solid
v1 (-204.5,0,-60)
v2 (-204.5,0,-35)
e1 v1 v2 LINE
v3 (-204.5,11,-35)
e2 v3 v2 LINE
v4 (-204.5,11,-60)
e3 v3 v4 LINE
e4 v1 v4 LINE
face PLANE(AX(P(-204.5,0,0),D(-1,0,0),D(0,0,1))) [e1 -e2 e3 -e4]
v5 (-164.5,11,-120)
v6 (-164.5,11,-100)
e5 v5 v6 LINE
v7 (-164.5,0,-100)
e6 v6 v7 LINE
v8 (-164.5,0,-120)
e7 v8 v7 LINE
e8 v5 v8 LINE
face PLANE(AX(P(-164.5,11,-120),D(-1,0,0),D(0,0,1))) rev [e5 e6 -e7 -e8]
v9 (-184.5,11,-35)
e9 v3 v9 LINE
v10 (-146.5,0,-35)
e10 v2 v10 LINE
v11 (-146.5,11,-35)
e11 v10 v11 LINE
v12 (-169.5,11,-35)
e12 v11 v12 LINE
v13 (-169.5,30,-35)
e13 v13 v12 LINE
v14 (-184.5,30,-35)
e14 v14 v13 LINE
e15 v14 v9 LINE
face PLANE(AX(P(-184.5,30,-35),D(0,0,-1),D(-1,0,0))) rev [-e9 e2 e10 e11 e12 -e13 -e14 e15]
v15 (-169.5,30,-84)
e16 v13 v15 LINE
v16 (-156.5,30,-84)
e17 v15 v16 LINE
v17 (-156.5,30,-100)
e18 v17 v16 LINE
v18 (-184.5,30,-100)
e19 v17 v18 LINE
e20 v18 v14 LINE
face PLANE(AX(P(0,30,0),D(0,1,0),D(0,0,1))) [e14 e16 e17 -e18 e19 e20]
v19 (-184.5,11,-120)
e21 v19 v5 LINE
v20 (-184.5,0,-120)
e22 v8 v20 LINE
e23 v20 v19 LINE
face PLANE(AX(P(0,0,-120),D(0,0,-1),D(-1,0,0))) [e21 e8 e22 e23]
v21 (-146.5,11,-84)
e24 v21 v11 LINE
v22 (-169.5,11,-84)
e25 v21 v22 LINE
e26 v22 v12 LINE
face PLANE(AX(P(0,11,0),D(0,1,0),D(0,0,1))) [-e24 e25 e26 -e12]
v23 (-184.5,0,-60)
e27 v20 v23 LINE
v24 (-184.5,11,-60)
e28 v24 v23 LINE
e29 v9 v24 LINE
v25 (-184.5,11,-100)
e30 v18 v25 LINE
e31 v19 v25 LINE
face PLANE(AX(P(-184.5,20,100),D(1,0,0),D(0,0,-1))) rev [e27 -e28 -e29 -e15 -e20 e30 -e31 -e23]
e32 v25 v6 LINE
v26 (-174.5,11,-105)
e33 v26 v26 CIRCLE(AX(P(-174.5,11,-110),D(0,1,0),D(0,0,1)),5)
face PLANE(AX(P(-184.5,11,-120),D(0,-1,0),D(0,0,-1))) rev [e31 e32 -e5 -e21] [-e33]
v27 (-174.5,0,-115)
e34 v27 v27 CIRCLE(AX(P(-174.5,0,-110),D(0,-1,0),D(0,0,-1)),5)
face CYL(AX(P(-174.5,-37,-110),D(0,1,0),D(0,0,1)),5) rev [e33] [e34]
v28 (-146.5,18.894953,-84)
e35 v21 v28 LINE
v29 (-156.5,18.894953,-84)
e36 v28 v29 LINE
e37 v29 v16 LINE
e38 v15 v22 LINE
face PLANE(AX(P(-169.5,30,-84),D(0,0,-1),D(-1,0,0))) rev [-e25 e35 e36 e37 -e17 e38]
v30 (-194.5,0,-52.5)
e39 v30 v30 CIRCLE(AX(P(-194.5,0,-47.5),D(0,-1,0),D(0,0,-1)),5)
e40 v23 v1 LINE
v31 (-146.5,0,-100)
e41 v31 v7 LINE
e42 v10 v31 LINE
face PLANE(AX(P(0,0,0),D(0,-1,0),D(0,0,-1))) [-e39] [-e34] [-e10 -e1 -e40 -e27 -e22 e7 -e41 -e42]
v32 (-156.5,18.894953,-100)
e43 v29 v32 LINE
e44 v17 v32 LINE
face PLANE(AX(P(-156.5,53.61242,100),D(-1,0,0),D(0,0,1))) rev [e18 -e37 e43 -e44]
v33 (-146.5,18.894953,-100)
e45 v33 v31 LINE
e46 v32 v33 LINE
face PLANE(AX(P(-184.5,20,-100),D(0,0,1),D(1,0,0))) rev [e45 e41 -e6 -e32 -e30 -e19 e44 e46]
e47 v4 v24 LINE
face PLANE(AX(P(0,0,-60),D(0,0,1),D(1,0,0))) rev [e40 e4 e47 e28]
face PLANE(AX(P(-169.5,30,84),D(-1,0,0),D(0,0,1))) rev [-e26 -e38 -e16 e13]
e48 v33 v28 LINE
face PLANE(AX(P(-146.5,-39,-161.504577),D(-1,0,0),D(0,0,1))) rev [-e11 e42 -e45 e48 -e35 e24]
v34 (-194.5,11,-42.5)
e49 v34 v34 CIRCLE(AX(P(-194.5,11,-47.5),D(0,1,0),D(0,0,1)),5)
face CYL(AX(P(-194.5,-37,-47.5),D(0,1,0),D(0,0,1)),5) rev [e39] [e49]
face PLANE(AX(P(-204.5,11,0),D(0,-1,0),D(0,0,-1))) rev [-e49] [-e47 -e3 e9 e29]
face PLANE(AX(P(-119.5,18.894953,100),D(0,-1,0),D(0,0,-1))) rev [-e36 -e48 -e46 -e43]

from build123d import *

# Parameters (mm, degrees)
SKETCH1_W               = 369
SKETCH1_H               = 200
BOSS_EXTRUDE1_DEPTH     = 20
SKETCH2_W               = 129
SKETCH2_H               = 16
BOSS_EXTRUDE2_DEPTH     = 10
SKETCH3_W               = 342
SKETCH3_H               = 168
CUT_EXTRUDE1_DEPTH      = 9
SKETCH4_W               = 100
SKETCH4_H               = 10
BOSS_EXTRUDE3_DEPTH     = 60
CUT_EXTRUDE3_DEPTH      = 10
CUT_EXTRUDE3_DEPTH_BACK = 60
SKETCH10_W              = 404
SKETCH10_H              = 324.796202869
CUT_EXTRUDE4_DEPTH      = 69
CUT_EXTRUDE7_DEPTH      = 274.752168941
CUT_EXTRUDE7_DEPTH_BACK = 274.752168941
SKETCH14_W              = 37
SKETCH14_H              = 34.717467541
SKETCH12_W              = 50
SKETCH12_H              = 11
BOSS_EXTRUDE6_DEPTH     = 20
SKETCH13_R              = 4
CUT_EXTRUDE6_DEPTH      = 229.43215623
CORTAR_EXTRUIR4_DEPTH   = 220
CROQUIS5_W              = 20
CROQUIS5_H              = 11
SALIENTE_EXTRUIR2_DEPTH = 10
CROQUIS6_W              = 20
CROQUIS6_H              = 11
SALIENTE_EXTRUIR3_DEPTH = 20
CROQUIS8_R              = 5
CORTAR_EXTRUIR5_DEPTH   = 48
CROQUIS9_W              = 38
CROQUIS9_H              = 65
CORTAR_EXTRUIR6_DEPTH   = 85


with BuildPart() as part:
    # Sketch1 → Boss-Extrude1 (new body)
    with BuildSketch(Plane(origin=(0, 0, 0), x_dir=(1, 0, 0), z_dir=(0, 1, 0))):
        Rectangle(SKETCH1_W, SKETCH1_H)
    extrude(amount=BOSS_EXTRUDE1_DEPTH)

    # Sketch2 → Boss-Extrude2 (add)
    with BuildSketch(Plane(origin=(0, 20, 0), x_dir=(1, 0, 0), z_dir=(0, 1, 0))):
        Polygon((-184.5, -100), (-169.5, -100), (-119.5, -100), (-119.5, -84), (-169.5, -84), (-169.5, -35), (-184.5, -35), align=None)
        Polygon((-184.5, 100), (-169.5, 100), (-119.5, 100), (-119.5, 84), (-169.5, 84), (-169.5, 35), (-184.5, 35), align=None)
        with Locations((20, -92)):
            Rectangle(SKETCH2_W, SKETCH2_H)
        with Locations((20, 92)):
            Rectangle(SKETCH2_W, SKETCH2_H)
    extrude(amount=BOSS_EXTRUDE2_DEPTH)

    # Sketch3 → Cut-Extrude1 (cut)
    with BuildSketch(Plane(origin=(0, 20, 0), x_dir=(1, 0, 0), z_dir=(0, 1, 0))):
        with Locations((1.5, 0)):
            Rectangle(SKETCH3_W, SKETCH3_H)
    extrude(amount=-CUT_EXTRUDE1_DEPTH, mode=Mode.SUBTRACT)

    # Sketch4 → Boss-Extrude3 (add)
    with BuildSketch(Plane(origin=(0, 0, -100), x_dir=(-1, 0, 0), z_dir=(0, 0, -1))):
        with Locations((-19.5, 25)):
            Rectangle(SKETCH4_W, SKETCH4_H)
    extrude(amount=BOSS_EXTRUDE3_DEPTH)

    # Sketch6 → Cut-Extrude3 (cut, two sides: drawn at the far end of the back side and taken through both)
    with BuildSketch(Plane.XY.offset(-84).offset(-CUT_EXTRUDE3_DEPTH_BACK)):
        with BuildLine():
            Line((-24.5, 30), (-26.030765637, 28.081051534))
            ThreePointArc((-26.030765637, 28.081051534), (-26.158442873, 26.948989892), (-25.193843525, 26.342843758))
            Line((-25.193843525, 26.342843758), (-15.806155854, 26.342843758))
            ThreePointArc((-15.806155854, 26.342843758), (-14.841556992, 26.948990172), (-14.969234363, 28.081051534))
            Line((-14.969234363, 28.081051534), (-16.5, 30))
            Line((-16.5, 30), (-24.5, 30))
        make_face()
        with BuildLine():
            Line((56.5, 30), (54.981983491, 27.801494438))
            ThreePointArc((54.981983491, 27.801494438), (54.9192914, 26.767046688), (55.80615587, 26.230871478))
            Line((55.80615587, 26.230871478), (65.193843541, 26.230871478))
            ThreePointArc((65.193843541, 26.230871478), (66.080708464, 26.767046428), (66.018016509, 27.801494438))
            Line((66.018016509, 27.801494438), (64.5, 30))
            Line((64.5, 30), (56.5, 30))
        make_face()
    extrude(amount=CUT_EXTRUDE3_DEPTH + CUT_EXTRUDE3_DEPTH_BACK, mode=Mode.SUBTRACT)

    # Sketch10 → Cut-Extrude4 (cut)
    with BuildSketch(Plane(origin=(0, 30, 0), x_dir=(1, 0, 0), z_dir=(0, 1, 0))):
        with Locations((55.5, -0.89352463)):
            Rectangle(SKETCH10_W, SKETCH10_H)
    extrude(amount=-CUT_EXTRUDE4_DEPTH, mode=Mode.SUBTRACT)

    # Sketch14 → Cut-Extrude7 (cut, two sides: drawn at the far end of the back side and taken through both)
    with BuildSketch(Plane(origin=(0, 0, -100), x_dir=(-1, 0, 0), z_dir=(0, 0, -1)).offset(-CUT_EXTRUDE7_DEPTH_BACK)):
        with Locations((138, 36.253686327)):
            Rectangle(SKETCH14_W, SKETCH14_H)
    extrude(amount=CUT_EXTRUDE7_DEPTH + CUT_EXTRUDE7_DEPTH_BACK, mode=Mode.SUBTRACT)

    # Sketch12 → Boss-Extrude6 (add)
    with BuildSketch(Plane.ZY.offset(184.5)):
        with Locations((-25, 5.5)):
            Rectangle(SKETCH12_W, SKETCH12_H)
    extrude(amount=BOSS_EXTRUDE6_DEPTH)

    # Sketch13 → Cut-Extrude6 (cut, through all)
    with BuildSketch(Plane(origin=(0, 11, 0), x_dir=(1, 0, 0), z_dir=(0, 1, 0))):
        with Locations(Location((-194.5, 25, 0), (0, 0, 270))):
            Circle(SKETCH13_R)
    extrude(amount=-CUT_EXTRUDE6_DEPTH, mode=Mode.SUBTRACT)

    # Croquis3 → Cortar-Extruir4 (cut)
    with BuildSketch(Plane(origin=(0, 30, 0), x_dir=(1, 0, 0), z_dir=(0, 1, 0))):
        Polygon((-169.5, -35), (-146.5, -35), (-146.5, 0), (-146.5, 35), (-204.5, 35), (-204.5, 0), (-204.5, -35), (-184.5, -35), align=None)
    extrude(amount=-CORTAR_EXTRUIR4_DEPTH, mode=Mode.SUBTRACT)


with BuildPart() as cortar_extruir4_piece_1:
    # of the separate pieces the step leaves, piece 1, a body of its own (cortar_extruir4_pieces)
    add(part.part.solids().sort_by_distance((-184.5, 30, -100))[0])

    # Croquis5 → Saliente-Extruir2 (add)
    with BuildSketch(Plane(origin=(0, 0, -50), x_dir=(-1, 0, 0), z_dir=(0, 0, -1))):
        with Locations((194.5, 5.5)):
            Rectangle(CROQUIS5_W, CROQUIS5_H)
    extrude(amount=SALIENTE_EXTRUIR2_DEPTH)

    # Croquis6 → Saliente-Extruir3 (add)
    with BuildSketch(Plane(origin=(0, 0, -100), x_dir=(-1, 0, 0), z_dir=(0, 0, -1))):
        with Locations((174.5, 5.5)):
            Rectangle(CROQUIS6_W, CROQUIS6_H)
    extrude(amount=SALIENTE_EXTRUIR3_DEPTH)

    # Croquis8 → Cortar-Extruir5 (cut)
    with BuildSketch(Plane(origin=(0, 11, 0), x_dir=(1, 0, 0), z_dir=(0, 1, 0))):
        with Locations(Location((-194.5, 47.5, 0), (0, 0, 270))):
            Circle(CROQUIS8_R)
        with Locations((-194.5, -47.5)):
            Circle(CROQUIS8_R)
        with Locations((-174.5, -110)):
            Circle(CROQUIS8_R)
        with Locations(Location((-174.5, 110, 0), (0, 0, 270))):
            Circle(CROQUIS8_R)
    extrude(amount=-CORTAR_EXTRUIR5_DEPTH, mode=Mode.SUBTRACT)


with BuildPart() as cortar_extruir4_piece_2:
    # of the separate pieces the step leaves, piece 2, a body of its own (cortar_extruir4_pieces)
    add(part.part.solids().sort_by_distance((-184.5, 30, 100))[0])

    # Croquis9 → Cortar-Extruir6 (cut)
    with BuildSketch(Plane(origin=(0, 30, 0), x_dir=(1, 0, 0), z_dir=(0, 1, 0))):
        with Locations((-165.5, -67.5)):
            Rectangle(CROQUIS9_W, CROQUIS9_H)
    extrude(amount=-CORTAR_EXTRUIR6_DEPTH, mode=Mode.SUBTRACT)


solid = cortar_extruir4_piece_1.part
